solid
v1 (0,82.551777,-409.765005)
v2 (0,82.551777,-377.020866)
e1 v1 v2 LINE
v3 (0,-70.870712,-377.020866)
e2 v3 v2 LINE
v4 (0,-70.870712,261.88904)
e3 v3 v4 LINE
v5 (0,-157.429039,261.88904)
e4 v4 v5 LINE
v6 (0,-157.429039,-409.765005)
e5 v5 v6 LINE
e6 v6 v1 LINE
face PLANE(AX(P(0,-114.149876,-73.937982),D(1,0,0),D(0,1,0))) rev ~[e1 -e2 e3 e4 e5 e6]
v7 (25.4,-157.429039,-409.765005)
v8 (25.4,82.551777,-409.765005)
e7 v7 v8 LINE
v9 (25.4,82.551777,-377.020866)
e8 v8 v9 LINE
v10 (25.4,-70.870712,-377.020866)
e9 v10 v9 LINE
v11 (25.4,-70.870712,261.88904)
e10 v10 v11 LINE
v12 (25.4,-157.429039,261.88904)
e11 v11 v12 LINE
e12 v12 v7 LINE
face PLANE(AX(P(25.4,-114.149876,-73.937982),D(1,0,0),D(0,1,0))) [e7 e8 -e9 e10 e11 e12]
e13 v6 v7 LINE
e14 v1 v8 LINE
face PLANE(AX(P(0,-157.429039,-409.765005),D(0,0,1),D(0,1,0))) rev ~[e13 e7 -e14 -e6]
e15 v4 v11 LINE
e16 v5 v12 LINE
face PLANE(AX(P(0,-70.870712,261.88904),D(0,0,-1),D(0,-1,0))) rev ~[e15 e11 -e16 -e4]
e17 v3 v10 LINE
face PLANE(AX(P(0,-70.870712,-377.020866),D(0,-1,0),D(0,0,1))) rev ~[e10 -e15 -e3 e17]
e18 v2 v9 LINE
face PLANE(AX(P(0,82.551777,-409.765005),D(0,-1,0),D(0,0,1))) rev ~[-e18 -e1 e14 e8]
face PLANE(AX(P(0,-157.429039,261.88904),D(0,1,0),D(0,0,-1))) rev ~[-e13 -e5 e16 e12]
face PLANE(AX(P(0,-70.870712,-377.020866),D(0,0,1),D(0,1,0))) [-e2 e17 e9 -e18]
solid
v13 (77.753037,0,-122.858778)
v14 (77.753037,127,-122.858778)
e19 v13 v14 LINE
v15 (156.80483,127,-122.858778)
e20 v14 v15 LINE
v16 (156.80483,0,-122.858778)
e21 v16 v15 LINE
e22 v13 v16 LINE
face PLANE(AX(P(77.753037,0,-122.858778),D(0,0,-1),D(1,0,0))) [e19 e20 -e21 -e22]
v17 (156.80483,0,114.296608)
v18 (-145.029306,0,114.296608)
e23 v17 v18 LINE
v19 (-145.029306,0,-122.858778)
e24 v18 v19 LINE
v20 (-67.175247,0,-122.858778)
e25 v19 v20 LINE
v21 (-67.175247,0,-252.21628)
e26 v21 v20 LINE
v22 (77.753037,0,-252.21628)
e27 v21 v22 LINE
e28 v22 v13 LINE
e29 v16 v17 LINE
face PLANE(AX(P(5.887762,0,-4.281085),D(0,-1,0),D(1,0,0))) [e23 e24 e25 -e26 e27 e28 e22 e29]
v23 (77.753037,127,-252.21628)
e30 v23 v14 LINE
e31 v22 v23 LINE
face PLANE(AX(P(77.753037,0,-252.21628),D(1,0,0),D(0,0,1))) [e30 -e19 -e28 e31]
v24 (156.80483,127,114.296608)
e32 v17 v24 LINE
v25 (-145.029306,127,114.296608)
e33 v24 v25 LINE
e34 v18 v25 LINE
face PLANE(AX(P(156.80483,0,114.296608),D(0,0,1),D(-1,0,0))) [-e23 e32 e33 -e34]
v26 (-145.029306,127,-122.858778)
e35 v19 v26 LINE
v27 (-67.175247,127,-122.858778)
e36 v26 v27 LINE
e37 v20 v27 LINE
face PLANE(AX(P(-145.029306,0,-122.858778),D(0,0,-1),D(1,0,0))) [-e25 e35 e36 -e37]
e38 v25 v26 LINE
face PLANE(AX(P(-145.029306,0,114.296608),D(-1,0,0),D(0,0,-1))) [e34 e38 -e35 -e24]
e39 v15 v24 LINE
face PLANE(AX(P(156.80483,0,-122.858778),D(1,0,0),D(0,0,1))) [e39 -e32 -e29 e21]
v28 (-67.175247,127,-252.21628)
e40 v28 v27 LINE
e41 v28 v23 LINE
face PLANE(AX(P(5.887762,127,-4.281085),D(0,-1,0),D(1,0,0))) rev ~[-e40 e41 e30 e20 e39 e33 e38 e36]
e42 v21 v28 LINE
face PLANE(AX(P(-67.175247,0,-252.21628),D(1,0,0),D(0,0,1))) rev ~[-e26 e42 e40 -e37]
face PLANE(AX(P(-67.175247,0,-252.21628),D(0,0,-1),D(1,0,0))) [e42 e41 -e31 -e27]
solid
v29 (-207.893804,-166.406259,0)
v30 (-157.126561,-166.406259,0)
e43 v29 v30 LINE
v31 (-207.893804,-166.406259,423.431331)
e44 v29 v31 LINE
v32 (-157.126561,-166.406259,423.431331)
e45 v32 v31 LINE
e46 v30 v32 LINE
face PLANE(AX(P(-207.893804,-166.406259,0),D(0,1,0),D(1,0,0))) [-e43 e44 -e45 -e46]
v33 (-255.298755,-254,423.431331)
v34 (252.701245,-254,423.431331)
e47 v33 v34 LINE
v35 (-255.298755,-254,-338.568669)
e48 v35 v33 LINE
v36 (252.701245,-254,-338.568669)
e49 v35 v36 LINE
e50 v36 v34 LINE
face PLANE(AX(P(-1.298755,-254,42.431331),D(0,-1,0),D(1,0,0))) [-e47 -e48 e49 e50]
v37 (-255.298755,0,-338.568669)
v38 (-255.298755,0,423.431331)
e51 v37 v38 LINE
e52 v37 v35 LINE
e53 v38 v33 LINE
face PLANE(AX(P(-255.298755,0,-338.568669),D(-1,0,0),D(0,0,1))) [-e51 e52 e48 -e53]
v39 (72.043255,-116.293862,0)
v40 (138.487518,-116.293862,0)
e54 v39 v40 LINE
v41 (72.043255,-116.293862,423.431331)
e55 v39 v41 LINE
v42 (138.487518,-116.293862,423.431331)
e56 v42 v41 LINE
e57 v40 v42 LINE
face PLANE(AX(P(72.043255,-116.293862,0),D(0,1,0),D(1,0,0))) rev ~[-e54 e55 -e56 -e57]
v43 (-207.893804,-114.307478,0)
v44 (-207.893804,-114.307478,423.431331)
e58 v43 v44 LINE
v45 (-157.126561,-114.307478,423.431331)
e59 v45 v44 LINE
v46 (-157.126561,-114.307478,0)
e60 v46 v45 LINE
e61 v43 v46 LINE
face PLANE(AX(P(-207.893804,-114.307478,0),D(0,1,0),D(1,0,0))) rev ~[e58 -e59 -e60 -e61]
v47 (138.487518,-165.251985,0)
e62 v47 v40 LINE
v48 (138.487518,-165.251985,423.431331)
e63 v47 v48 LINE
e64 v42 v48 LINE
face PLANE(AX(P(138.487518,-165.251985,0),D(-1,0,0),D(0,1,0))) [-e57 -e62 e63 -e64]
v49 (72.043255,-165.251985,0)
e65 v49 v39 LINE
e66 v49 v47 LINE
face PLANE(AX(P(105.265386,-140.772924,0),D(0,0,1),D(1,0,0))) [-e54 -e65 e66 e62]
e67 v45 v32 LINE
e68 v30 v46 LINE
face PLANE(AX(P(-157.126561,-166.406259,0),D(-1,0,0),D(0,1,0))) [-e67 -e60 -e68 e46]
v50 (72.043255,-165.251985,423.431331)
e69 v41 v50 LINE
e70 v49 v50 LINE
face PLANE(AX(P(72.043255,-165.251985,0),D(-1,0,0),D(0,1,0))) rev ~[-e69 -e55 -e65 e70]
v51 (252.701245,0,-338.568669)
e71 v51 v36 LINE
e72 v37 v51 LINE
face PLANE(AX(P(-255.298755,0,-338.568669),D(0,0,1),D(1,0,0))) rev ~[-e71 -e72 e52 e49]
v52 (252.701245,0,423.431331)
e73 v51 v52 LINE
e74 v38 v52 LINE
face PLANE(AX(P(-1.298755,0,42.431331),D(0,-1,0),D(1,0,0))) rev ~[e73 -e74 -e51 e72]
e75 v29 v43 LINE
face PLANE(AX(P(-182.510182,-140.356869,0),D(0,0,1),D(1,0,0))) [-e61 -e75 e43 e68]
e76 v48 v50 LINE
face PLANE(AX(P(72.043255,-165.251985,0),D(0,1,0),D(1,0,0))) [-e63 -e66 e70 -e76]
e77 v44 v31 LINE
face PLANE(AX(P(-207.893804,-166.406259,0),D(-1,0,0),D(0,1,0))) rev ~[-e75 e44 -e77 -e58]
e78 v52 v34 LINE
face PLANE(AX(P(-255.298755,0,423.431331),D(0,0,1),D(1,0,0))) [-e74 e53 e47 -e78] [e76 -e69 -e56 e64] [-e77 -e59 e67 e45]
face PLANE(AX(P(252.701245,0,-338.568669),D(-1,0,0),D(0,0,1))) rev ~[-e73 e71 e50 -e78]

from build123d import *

# Parameters (mm, degrees)
F0_W     = 508
F0_H     = 762
F1_DEPTH = 254
F2_W     = 144.9282839894
F2_H     = 129.3575018644
F3_DEPTH = 127
F4_W     = 153.4224897623
F4_H     = 32.7441394329
F5_DEPTH = 25.4
F6_W     = 50.7672429085
F6_H     = 52.0987808704
F6_W_2   = 66.4442628622
F6_H_2   = 48.9581227303
F7_DEPTH = 508


with BuildPart() as f1:
    # F0 (on Front) → F1 (new body)
    with BuildSketch(Plane.XZ):
        with Locations((-1.2987554073, 42.4313310723)):
            Rectangle(F0_W, F0_H)
    extrude(amount=F1_DEPTH)

    # F6 (on Top) → F7 (cut)
    with BuildSketch(Plane.XY):
        with Locations((-182.5101822615, -140.3568685055)):
            Rectangle(F6_W, F6_H)
        with Locations((105.2653864026, -140.7729238272)):
            Rectangle(F6_W_2, F6_H_2)
    extrude(amount=F7_DEPTH, mode=Mode.SUBTRACT)


with BuildPart() as f3:
    # F2 (on Front) → F3 (new body)
    with BuildSketch(Plane.XZ):
        Polygon((156.8048298359, -122.8587776423), (156.8048298359, 114.2966076732), (-145.0293064117, 114.2966076732), (-145.0293064117, -122.8587776423), (-67.1752467752, -122.8587776423), (77.7530372143, -122.8587776423), align=None)
        with Locations((5.2888952196, -187.5375285745)):
            Rectangle(F2_W, F2_H)
    extrude(amount=-F3_DEPTH)


with BuildPart() as f5:
    # F4 (on Right) → F5 (new body)
    with BuildSketch(Plane.YZ):
        Polygon((-70.8707123995, -377.0208656788), (-70.8707123995, 261.8890404701), (-157.4290394783, 261.8890404701), (-157.4290394783, -409.7650051117), (-70.8707123995, -409.7650051117), align=None)
        with Locations((5.8405324817, -393.3929353952)):
            Rectangle(F4_W, F4_H)
    extrude(amount=F5_DEPTH)


solid = Compound([f1.part, f3.part, f5.part])
